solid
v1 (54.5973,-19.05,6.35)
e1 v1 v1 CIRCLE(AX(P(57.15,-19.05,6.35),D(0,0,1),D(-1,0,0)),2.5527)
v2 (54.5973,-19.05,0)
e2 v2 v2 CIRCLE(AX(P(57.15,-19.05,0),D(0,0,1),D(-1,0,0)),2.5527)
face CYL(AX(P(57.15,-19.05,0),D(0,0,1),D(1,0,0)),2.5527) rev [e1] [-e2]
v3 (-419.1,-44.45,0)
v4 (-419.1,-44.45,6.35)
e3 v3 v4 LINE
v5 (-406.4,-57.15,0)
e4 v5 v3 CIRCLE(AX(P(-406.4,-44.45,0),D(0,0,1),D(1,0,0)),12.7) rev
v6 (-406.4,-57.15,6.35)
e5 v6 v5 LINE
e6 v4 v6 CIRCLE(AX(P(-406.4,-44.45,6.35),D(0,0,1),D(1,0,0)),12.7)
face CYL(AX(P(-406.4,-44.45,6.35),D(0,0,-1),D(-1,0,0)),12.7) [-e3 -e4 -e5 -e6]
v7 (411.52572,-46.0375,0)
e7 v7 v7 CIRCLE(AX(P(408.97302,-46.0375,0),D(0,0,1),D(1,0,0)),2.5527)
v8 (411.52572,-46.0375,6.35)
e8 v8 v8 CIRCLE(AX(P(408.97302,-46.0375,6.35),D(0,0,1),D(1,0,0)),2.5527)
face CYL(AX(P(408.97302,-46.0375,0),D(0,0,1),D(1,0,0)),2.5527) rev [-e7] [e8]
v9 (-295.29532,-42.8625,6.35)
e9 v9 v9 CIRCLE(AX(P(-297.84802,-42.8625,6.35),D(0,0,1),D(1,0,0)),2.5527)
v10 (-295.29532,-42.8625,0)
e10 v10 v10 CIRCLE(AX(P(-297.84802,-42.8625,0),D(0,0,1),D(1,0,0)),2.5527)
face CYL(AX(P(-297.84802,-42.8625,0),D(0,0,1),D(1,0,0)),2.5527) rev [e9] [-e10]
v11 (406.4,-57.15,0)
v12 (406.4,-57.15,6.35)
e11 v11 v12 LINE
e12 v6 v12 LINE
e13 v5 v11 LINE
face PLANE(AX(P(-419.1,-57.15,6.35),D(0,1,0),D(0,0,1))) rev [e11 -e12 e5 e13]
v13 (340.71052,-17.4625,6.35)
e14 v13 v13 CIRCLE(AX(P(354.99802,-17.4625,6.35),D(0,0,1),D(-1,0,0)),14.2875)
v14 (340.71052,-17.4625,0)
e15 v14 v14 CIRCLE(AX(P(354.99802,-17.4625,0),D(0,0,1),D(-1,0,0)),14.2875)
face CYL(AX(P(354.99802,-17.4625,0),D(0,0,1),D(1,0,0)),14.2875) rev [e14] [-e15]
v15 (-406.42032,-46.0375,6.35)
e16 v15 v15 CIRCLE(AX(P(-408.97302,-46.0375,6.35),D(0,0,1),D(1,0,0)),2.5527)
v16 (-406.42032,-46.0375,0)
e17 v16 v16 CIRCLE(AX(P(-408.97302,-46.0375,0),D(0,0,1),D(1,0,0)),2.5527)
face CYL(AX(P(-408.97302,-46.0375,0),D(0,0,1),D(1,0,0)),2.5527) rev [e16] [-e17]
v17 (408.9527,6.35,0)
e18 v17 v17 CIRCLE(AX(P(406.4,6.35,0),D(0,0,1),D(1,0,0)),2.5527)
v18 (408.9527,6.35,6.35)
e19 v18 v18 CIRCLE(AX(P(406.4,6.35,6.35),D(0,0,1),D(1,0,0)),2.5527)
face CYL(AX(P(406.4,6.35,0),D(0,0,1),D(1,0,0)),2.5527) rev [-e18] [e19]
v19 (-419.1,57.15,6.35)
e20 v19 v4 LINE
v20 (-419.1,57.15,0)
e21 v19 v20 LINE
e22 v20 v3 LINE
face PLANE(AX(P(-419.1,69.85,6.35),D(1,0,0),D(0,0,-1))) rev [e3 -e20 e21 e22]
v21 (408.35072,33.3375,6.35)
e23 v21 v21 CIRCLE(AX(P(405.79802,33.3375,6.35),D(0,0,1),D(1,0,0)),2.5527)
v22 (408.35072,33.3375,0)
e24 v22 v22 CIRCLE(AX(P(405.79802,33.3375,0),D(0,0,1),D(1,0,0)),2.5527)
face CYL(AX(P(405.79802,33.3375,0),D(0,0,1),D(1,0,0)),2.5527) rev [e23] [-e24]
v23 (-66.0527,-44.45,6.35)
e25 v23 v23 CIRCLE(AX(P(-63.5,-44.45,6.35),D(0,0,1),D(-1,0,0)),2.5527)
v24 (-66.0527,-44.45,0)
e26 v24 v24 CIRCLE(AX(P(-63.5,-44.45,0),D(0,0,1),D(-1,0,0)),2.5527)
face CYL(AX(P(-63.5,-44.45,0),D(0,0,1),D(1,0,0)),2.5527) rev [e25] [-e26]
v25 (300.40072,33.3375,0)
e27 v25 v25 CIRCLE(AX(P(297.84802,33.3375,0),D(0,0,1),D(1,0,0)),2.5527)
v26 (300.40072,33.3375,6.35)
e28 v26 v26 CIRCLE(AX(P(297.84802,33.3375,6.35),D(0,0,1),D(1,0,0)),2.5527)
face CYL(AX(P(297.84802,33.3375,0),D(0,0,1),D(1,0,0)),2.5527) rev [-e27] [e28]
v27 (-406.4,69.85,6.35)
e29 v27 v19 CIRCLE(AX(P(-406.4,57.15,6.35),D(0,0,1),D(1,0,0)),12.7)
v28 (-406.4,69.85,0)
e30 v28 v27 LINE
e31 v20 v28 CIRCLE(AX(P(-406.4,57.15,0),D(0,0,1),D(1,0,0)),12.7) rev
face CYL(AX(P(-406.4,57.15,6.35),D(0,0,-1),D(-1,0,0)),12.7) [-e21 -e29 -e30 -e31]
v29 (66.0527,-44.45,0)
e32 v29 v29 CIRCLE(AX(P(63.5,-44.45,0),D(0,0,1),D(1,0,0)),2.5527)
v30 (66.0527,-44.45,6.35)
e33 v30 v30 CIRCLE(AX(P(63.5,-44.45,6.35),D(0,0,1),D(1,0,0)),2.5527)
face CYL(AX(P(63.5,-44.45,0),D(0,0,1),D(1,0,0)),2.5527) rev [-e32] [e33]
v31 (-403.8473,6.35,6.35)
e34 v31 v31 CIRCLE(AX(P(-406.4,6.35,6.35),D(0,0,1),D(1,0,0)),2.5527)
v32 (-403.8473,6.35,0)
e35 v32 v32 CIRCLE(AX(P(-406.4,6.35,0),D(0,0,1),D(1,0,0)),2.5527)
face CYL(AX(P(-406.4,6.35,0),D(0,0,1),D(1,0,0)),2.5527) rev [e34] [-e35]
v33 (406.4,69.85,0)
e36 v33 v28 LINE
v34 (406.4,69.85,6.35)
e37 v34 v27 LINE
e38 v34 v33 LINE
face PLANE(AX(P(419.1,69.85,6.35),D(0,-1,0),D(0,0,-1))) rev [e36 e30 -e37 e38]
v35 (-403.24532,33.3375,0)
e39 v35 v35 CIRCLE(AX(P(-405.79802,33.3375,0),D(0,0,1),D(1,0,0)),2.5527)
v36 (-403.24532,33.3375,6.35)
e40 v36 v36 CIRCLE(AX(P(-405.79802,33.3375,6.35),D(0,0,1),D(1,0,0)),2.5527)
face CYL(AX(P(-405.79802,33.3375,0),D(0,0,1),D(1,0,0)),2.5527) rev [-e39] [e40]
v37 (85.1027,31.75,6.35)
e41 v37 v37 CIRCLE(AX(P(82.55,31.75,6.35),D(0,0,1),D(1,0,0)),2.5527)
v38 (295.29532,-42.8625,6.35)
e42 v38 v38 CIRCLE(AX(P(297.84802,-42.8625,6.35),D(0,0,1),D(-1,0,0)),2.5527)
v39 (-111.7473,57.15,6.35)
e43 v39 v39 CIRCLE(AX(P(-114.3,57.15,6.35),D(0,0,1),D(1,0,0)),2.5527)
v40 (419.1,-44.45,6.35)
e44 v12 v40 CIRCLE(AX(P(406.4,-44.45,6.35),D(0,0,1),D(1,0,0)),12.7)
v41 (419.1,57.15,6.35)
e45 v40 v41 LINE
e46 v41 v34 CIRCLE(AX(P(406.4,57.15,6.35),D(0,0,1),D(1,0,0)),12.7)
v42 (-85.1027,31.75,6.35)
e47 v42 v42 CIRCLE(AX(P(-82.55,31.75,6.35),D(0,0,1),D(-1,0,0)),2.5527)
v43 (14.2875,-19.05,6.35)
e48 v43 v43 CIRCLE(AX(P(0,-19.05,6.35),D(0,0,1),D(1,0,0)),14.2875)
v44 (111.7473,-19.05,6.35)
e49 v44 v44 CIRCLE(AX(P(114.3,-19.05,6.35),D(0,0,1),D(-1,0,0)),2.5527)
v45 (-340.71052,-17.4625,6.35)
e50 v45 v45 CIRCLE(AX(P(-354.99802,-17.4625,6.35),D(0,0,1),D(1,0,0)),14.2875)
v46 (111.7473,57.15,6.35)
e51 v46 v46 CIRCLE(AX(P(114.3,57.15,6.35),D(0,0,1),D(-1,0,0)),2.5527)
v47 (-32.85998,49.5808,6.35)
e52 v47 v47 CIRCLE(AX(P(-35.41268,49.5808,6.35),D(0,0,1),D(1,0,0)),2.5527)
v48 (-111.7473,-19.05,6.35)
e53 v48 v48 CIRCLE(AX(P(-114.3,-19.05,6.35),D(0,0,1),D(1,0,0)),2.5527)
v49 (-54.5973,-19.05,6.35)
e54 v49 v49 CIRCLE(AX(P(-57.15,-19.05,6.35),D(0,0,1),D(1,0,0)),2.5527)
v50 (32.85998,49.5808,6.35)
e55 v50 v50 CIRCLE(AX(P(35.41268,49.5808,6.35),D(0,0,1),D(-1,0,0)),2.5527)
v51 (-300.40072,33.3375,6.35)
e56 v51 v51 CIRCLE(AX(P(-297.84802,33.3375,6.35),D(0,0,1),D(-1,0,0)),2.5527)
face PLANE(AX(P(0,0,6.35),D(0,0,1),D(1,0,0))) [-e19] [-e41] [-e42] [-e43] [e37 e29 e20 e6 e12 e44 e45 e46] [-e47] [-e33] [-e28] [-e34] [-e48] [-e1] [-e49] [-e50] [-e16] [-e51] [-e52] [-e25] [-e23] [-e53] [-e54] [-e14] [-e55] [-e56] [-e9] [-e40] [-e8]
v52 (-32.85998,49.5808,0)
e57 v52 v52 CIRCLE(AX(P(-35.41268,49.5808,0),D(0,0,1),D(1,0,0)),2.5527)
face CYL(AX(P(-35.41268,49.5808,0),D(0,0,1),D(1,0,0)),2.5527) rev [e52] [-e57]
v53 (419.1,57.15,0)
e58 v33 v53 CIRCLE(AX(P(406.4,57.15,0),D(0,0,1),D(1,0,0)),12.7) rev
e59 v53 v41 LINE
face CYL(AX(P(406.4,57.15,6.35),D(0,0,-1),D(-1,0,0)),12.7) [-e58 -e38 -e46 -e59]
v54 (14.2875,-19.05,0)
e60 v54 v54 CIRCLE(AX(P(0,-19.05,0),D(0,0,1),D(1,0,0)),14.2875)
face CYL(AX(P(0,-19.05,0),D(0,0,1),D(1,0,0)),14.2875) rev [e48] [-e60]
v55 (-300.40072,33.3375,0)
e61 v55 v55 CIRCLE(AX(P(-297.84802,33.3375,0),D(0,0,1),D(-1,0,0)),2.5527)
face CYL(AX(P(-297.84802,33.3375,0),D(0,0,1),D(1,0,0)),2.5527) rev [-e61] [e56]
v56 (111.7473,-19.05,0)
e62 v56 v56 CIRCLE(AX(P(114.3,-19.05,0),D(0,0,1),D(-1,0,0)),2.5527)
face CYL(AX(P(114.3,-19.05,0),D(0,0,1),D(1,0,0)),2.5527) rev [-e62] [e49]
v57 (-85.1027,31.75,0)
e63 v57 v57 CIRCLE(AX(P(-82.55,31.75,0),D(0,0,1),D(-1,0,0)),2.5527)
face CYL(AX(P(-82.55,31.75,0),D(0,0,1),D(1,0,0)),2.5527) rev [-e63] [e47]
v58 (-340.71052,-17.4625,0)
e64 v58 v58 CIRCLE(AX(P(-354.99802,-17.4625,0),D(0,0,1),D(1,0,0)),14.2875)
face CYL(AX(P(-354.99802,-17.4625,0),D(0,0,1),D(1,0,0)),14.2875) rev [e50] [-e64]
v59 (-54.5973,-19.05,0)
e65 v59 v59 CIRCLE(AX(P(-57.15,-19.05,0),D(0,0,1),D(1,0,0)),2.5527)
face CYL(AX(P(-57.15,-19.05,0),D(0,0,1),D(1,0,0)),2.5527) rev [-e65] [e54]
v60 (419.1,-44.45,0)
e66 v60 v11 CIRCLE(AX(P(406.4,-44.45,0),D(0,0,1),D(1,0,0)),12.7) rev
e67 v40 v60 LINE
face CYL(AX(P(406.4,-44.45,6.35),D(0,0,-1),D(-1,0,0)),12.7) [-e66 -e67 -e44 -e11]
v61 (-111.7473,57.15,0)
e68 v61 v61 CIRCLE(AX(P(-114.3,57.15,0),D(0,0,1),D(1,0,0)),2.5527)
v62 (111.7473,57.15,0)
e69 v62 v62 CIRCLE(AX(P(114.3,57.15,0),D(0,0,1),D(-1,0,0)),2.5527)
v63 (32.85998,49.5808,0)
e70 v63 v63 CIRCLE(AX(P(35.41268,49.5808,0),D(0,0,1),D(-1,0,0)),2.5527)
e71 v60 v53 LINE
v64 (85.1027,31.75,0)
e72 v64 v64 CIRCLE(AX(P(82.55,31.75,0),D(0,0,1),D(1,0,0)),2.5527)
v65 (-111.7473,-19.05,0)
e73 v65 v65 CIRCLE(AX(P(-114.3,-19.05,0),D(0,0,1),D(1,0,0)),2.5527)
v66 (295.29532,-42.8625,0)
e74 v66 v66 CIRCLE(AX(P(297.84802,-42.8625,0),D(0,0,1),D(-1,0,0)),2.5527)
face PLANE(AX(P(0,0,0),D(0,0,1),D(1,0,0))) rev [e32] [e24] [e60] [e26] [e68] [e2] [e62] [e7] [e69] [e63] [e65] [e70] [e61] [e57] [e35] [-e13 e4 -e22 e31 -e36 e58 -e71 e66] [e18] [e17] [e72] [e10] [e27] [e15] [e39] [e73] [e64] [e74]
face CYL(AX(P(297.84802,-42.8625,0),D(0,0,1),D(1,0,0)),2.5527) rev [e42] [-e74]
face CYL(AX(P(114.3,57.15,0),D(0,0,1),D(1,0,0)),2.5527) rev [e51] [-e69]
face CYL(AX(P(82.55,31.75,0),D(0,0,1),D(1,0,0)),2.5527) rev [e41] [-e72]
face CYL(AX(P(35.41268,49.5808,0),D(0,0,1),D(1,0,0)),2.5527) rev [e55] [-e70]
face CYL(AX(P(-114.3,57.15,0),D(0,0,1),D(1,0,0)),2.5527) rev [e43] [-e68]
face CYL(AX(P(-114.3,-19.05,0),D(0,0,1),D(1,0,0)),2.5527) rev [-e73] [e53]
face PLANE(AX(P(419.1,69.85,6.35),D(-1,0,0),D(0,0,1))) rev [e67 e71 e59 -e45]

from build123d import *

# Parameters (mm, degrees)
SKETCH1_W           = 838.2
SKETCH1_H           = 127
BOSS_EXTRUDE1_DEPTH = 6.35
SKETCH2_R           = 14.2875
CUT_EXTRUDE1_DEPTH  = 6.35
SKETCH3_R           = 14.2875
CUT_EXTRUDE2_DEPTH  = 6.35
SKETCH4_R           = 2.5527
CUT_EXTRUDE3_DEPTH  = 6.35
SKETCH5_R           = 2.5527
CUT_EXTRUDE4_DEPTH  = 6.35
FILLET3_R           = 12.7
SKETCH6_R           = 2.5527
CUT_EXTRUDE5_DEPTH  = 6.35


with BuildPart() as part:
    # Sketch1 → Boss-Extrude1 (new body)
    with BuildSketch(Plane.XY):
        with Locations((0, 6.35)):
            Rectangle(SKETCH1_W, SKETCH1_H)
    extrude(amount=BOSS_EXTRUDE1_DEPTH)

    # Sketch2 → Cut-Extrude1 (cut)
    with BuildSketch(Plane.XY.offset(6.35)):
        with Locations((0, -19.05)):
            Circle(SKETCH2_R)
    extrude(amount=-CUT_EXTRUDE1_DEPTH, mode=Mode.SUBTRACT)

    # Sketch3 → Cut-Extrude2 (cut)
    with BuildSketch(Plane.XY.offset(6.35)):
        with Locations((-354.99802, -17.4625)):
            Circle(SKETCH3_R)
        with Locations((354.99802, -17.4625)):
            Circle(SKETCH3_R)
    extrude(amount=-CUT_EXTRUDE2_DEPTH, mode=Mode.SUBTRACT)

    # Sketch4 → Cut-Extrude3 (cut)
    with BuildSketch(Plane.XY.offset(6.35)):
        with Locations((-35.41268, 49.5808)):
            Circle(SKETCH4_R)
        with Locations((-57.15, -19.05)):
            Circle(SKETCH4_R)
        with Locations((57.15, -19.05)):
            Circle(SKETCH4_R)
        with Locations((35.41268, 49.5808)):
            Circle(SKETCH4_R)
    extrude(amount=-CUT_EXTRUDE3_DEPTH, mode=Mode.SUBTRACT)

    # Sketch5 → Cut-Extrude4 (cut)
    with BuildSketch(Plane.XY.offset(6.35)):
        with Locations((-405.79802, 33.3375)):
            Circle(SKETCH5_R)
        with Locations((408.97302, -46.0375)):
            Circle(SKETCH5_R)
        with Locations((405.79802, 33.3375)):
            Circle(SKETCH5_R)
        with Locations((63.5, -44.45)):
            Circle(SKETCH5_R)
        with Locations((-63.5, -44.45)):
            Circle(SKETCH5_R)
        with Locations((-297.84802, -42.8625)):
            Circle(SKETCH5_R)
        with Locations((297.84802, -42.8625)):
            Circle(SKETCH5_R)
        with Locations((-408.97302, -46.0375)):
            Circle(SKETCH5_R)
        with Locations((-297.84802, 33.3375)):
            Circle(SKETCH5_R)
        with Locations((297.84802, 33.3375)):
            Circle(SKETCH5_R)
        with Locations((82.55, 31.75)):
            Circle(SKETCH5_R)
        with Locations((-82.55, 31.75)):
            Circle(SKETCH5_R)
    extrude(amount=-CUT_EXTRUDE4_DEPTH, mode=Mode.SUBTRACT)

    # Fillet3
    fillet3_edges = [part.edges().sort_by_distance(p)[0] for p in [
        (-419.1, 69.85, 3.175),
        (419.1, 69.85, 3.175),
        (419.1, -57.15, 3.175),
        (-419.1, -57.15, 3.175),
    ]]
    fillet(fillet3_edges, radius=FILLET3_R)

    # Sketch6 → Cut-Extrude5 (cut)
    with BuildSketch(Plane.XY.offset(6.35)):
        with Locations((-406.4, 6.35)):
            Circle(SKETCH6_R)
        with Locations((406.4, 6.35)):
            Circle(SKETCH6_R)
        with Locations((-114.3, 57.15)):
            Circle(SKETCH6_R)
        with Locations((-114.3, -19.05)):
            Circle(SKETCH6_R)
        with Locations((114.3, 57.15)):
            Circle(SKETCH6_R)
        with Locations((114.3, -19.05)):
            Circle(SKETCH6_R)
    extrude(amount=-CUT_EXTRUDE5_DEPTH, mode=Mode.SUBTRACT)


solid = part.part
